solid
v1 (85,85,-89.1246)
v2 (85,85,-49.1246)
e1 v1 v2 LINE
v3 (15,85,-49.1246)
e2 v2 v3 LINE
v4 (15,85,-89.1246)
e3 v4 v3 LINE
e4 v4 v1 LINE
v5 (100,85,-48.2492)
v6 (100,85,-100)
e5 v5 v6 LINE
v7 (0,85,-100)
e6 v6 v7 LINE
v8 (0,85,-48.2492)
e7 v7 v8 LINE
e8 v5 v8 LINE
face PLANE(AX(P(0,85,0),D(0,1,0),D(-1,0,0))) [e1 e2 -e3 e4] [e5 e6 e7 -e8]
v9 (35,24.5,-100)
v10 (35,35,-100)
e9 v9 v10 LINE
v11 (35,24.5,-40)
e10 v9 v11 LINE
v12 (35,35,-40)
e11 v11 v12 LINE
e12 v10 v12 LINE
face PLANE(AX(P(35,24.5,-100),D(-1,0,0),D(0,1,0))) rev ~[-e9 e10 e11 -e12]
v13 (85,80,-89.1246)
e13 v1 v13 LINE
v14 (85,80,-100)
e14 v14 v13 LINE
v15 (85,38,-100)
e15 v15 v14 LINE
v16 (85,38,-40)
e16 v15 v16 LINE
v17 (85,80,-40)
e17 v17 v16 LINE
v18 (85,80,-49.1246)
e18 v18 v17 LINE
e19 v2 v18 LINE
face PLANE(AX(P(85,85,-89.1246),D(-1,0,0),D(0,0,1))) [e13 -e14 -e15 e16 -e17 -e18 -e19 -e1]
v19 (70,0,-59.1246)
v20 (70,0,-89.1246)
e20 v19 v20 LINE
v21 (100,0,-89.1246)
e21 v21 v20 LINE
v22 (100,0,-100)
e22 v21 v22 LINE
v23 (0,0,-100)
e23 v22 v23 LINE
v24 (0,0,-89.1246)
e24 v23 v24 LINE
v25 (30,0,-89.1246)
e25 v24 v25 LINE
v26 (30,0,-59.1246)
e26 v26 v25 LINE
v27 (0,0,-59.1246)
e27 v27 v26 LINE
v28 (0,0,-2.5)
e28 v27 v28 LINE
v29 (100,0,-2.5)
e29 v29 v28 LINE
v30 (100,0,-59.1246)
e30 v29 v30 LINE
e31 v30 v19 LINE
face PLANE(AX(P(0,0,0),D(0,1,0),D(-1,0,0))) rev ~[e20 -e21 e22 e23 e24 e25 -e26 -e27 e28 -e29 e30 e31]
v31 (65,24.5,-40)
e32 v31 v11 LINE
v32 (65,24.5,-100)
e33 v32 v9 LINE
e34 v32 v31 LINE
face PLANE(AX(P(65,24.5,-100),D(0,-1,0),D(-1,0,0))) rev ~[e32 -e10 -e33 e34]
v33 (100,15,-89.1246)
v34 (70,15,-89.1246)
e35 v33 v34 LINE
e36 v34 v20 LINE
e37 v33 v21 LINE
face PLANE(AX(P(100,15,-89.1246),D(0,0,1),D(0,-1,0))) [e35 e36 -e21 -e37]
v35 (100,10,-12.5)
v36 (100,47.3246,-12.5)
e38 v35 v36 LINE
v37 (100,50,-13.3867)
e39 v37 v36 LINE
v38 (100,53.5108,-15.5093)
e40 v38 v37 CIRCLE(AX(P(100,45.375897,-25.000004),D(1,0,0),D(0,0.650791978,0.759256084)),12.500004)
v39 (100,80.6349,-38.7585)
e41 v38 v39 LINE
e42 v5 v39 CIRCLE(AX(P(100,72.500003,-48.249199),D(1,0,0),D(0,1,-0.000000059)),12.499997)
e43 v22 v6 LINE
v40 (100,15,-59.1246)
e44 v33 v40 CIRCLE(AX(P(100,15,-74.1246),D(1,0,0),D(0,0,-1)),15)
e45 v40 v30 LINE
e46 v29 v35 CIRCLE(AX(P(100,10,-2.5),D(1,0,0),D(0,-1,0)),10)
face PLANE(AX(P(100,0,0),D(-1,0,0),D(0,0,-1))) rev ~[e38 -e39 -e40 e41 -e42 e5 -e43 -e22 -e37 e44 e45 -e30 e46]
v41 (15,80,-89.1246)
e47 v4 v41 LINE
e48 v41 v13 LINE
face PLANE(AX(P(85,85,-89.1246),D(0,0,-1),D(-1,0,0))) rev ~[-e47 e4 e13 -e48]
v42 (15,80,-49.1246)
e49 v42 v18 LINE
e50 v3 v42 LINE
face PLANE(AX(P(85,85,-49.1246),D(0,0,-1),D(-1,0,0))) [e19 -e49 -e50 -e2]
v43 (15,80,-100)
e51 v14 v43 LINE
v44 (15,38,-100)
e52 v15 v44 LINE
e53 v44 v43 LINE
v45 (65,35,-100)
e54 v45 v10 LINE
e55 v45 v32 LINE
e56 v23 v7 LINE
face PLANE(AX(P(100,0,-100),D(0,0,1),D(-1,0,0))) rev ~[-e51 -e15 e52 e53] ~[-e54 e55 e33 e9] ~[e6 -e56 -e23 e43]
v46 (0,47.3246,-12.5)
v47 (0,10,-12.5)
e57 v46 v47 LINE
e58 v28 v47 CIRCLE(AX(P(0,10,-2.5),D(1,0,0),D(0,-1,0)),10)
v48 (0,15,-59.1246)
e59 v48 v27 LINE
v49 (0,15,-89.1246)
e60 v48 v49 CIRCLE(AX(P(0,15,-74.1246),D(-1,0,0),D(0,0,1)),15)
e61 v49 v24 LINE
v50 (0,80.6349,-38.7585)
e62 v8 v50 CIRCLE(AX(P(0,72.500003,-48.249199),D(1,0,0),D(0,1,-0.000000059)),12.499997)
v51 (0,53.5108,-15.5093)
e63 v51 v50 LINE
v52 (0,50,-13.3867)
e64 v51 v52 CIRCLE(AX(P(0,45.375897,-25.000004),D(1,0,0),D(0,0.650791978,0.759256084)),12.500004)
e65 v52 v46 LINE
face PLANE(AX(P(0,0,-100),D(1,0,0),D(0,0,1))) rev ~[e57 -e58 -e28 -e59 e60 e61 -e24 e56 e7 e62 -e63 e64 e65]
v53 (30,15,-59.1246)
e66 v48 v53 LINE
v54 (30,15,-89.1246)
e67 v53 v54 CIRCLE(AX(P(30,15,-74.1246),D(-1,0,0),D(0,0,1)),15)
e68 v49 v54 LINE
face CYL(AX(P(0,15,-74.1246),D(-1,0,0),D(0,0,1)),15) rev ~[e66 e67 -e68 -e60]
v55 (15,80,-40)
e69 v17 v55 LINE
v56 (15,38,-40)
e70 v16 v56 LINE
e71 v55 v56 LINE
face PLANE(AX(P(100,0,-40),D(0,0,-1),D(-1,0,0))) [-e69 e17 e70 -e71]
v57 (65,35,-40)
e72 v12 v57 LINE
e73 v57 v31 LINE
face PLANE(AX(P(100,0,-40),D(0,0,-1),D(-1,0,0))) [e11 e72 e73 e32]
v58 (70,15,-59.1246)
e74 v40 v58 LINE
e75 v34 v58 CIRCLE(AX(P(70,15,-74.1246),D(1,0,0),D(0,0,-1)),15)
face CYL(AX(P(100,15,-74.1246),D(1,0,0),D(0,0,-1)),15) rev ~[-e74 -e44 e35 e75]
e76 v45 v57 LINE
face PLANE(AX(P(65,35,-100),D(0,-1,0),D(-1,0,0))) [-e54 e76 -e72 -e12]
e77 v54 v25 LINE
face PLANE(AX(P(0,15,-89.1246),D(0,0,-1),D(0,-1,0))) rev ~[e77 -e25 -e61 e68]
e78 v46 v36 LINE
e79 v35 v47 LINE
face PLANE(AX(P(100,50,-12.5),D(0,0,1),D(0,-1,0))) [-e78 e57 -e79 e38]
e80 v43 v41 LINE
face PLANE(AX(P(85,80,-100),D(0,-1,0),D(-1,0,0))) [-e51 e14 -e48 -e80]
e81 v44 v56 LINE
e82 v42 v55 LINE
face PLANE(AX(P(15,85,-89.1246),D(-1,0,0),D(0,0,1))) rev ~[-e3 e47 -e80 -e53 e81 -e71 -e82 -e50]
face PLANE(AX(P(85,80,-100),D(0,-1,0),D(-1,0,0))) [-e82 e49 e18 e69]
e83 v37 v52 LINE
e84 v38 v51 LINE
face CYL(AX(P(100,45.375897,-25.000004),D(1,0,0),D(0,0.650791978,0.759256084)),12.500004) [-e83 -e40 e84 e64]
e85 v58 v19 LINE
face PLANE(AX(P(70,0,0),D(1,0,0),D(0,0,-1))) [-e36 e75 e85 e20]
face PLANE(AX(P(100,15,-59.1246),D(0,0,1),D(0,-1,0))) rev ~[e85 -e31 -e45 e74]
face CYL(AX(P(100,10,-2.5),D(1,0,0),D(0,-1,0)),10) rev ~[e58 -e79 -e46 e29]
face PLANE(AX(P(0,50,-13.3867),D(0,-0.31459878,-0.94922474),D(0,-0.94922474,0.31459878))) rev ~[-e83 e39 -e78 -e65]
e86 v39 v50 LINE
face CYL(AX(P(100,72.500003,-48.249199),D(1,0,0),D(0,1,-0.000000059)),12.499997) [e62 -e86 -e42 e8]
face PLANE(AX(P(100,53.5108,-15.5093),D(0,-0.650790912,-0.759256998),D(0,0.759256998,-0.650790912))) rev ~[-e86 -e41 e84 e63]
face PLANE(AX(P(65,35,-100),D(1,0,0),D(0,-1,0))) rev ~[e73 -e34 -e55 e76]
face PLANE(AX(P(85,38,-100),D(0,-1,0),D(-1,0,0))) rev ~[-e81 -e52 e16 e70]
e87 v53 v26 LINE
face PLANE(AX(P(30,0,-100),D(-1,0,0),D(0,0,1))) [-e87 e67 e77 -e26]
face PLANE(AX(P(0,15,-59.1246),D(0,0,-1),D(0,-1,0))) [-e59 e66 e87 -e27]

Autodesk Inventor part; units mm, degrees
ref_plane "YZ Plane" through (0, 0, 0) normal (1, 0, 0) x (0, 1, 0)
ref_plane "XZ Plane" through (0, 0, 0) normal (0, 1, 0) x (-1, 0, 0)
ref_plane "XY Plane" through (0, 0, 0) normal (0, 0, 1) x (1, 0, 0)
sketch "Esboço1" plane through (0, 0, 0) normal (0, 1, 0) x (-1, 0, 0)
  line L0 (0, 0) -> (-100, 0)
  line L1 (-100, 0) -> (-100, -100)
  line L2 (-100, -100) -> (0, -100)
  line L3 (0, -100) -> (0, 0)
  dimension "d0" = 100
  dimension "d1" = 100
extrude "Extrusão1" add sketch "Esboço1" along normal blind 85
sketch "Esboço2" plane through (100, 0, 0) normal (1, 0, 0) x (0, 0, -1)
  line L0 (0, 0) -> (100, 0) projected
  line L1 (0, 0) -> (2.5, 0)
  line L2 (12.5, 10) -> (12.5, 45.3759)
  line L3 (0, 85) -> (100, 85) projected
  line L4 (12.5, 50) -> (13.3867, 50)
  line L5 (42.5, 85) -> (12.5, 85)
  line L6 (12.5, 85) -> (12.5, 50)
  line L7 (15.5093, 53.5108) -> (38.7585, 80.6349)
  arc A0 (2.5, 0) -> (12.5, 10) centre (2.5, 10) ccw
  line L8 (2.5, 0) -> (100, 0)
  line L9 (48.2492, 85) -> (100, 85)
  line L10 (100, 85) -> (100, 0)
  arc A1 (15.5093, 53.5108) -> (12.5, 45.3759) centre (25, 45.3759) ccw
  line L11 (12.5, 85) -> (42.5, 85)
  line L12 (12.5, 85) -> (0, 85)
  arc A2 (48.2492, 85) -> (38.7585, 80.6349) centre (48.2492, 72.5) ccw
  circle A3 centre (74.1246, 15) radius 15
  line L13 (0, 85) -> (0, 0)
  line L14 (0, 0) -> (2.5, 0)
  line L15 (59.1246, 15) -> (59.1246, 0)
  line L16 (89.1246, 15) -> (89.1246, 0)
  line L17 (12.5, 50) -> (12.5, 45.3759)
  line L18 (12.5, 85) -> (48.2492, 85)
  point P0 (12.5, 0)
  dimension "d4" = 12.5
  dimension "d7" = 10
  dimension "d8" = 12.5
  dimension "d9" = 12.5
  dimension "d11" = 30
extrude "Extrusão2" cut sketch "Esboço2" against normal blind 100 contours L13 L3 L6 L17 L2 A0 L0 | L3 A2 L7 A1 L4 L6
extrude "Extrusão3" cut sketch "Esboço2" against normal blind 30 contours L15 A3 L0 | A3 L16 L0 | A3
sketch "Esboço3" plane through (0, 0, -100) normal (-1, 0, 0) x (0, 0, 1)
  line L0 (86.6133, 50) -> (87.5, 50)
  arc A0 (86.6133, 50) -> (84.4907, 53.5108) centre (75, 45.3759) ccw projected
  line L1 (86.6133, 50) -> (87.5, 47.3246)
  line L2 (87.5, 50) -> (87.5, 10) projected
  line L3 (86.6133, 50) -> (87.5, 50)
  line L4 (87.5, 50) -> (87.5, 47.3246)
  arc A1 (40.8754, 15) -> (10.8754, 15) centre (25.8754, 15) ccw projected
  circle A2 centre (25.8754, 15) radius 15
  line L5 (10.8754, 15) -> (10.8754, 0) projected
  line L6 (10.8754, 15) -> (10.8754, 0)
  line L7 (97.5, 0) -> (40.8754, 0) projected
  line L8 (40.8754, 15) -> (40.8754, 0)
  line L9 (10.8754, 0) -> (40.8754, 0)
  point P0 (100, 0)
extrude "Extrusão4" cut sketch "Esboço3" against normal blind 30 contours A2 A1 | L8 L9 A2 | A2 L9 L5
extrude "Extrusão5" cut sketch "Esboço3" against normal blind 100 contours L0 L2 L1
sketch "Esboço4" plane through (100, 0, -100) normal (0, 0, -1) x (-1, 0, 0)
  line L0 (15, 35) -> (85, 35)
  line L1 (15, 35) -> (15, 80)
  line L2 (0, 53.5108) -> (100, 53.5108) projected
  line L3 (15, 35) -> (60, 35) construction
  line L4 (15, 80) -> (85, 80)
  line L5 (85, 80) -> (85, 35)
  line L6 (70, 30) -> (70, 15) projected
  line L7 (15, 35) -> (15, 38)
  line L8 (15, 38) -> (85, 38)
  line L9 (0, 0) -> (0, 85) projected
  line L10 (0, 35) -> (50, 35)
  line L11 (37.5, 35) -> (35, 35)
  line L12 (35, 35) -> (35, 22.5)
  line L13 (35, 22.5) -> (65, 22.5)
  line L14 (65, 22.5) -> (65, 35)
  line L15 (35, 22.5) -> (35, 24.5)
  line L16 (35, 24.5) -> (65, 24.5)
  dimension "d26" = 70
  dimension "d27" = 45
  dimension "d31" = 3
  dimension "d34" = 30
  dimension "d35" = 2
extrude "Extrusão6" cut sketch "Esboço4" against normal blind 60 contours L0 L14 L16 L12 | L1 L2 L5 L8 | L1 L4 L5 L2
sketch "Esboço5" plane through (0, 85, 0) normal (0, 1, 0) x (1, 0, 0)
  line L0 (100, 89.1246) -> (70, 89.1246) projected
  line L1 (85, 89.1246) -> (85, 49.1246)
  line L2 (85, 100) -> (85, 40) projected
  line L3 (85, 49.1246) -> (15, 49.1246)
  line L4 (15, 100) -> (15, 40) projected
  line L5 (15, 49.1246) -> (15, 89.1246)
  line L6 (15, 89.1246) -> (85, 89.1246)
  point P0 (0, 0)
  dimension "d38" = 40
extrude "Extrusão7" cut sketch "Esboço5" against normal blind 30
properties part number "Mini-sumô rascunho"
